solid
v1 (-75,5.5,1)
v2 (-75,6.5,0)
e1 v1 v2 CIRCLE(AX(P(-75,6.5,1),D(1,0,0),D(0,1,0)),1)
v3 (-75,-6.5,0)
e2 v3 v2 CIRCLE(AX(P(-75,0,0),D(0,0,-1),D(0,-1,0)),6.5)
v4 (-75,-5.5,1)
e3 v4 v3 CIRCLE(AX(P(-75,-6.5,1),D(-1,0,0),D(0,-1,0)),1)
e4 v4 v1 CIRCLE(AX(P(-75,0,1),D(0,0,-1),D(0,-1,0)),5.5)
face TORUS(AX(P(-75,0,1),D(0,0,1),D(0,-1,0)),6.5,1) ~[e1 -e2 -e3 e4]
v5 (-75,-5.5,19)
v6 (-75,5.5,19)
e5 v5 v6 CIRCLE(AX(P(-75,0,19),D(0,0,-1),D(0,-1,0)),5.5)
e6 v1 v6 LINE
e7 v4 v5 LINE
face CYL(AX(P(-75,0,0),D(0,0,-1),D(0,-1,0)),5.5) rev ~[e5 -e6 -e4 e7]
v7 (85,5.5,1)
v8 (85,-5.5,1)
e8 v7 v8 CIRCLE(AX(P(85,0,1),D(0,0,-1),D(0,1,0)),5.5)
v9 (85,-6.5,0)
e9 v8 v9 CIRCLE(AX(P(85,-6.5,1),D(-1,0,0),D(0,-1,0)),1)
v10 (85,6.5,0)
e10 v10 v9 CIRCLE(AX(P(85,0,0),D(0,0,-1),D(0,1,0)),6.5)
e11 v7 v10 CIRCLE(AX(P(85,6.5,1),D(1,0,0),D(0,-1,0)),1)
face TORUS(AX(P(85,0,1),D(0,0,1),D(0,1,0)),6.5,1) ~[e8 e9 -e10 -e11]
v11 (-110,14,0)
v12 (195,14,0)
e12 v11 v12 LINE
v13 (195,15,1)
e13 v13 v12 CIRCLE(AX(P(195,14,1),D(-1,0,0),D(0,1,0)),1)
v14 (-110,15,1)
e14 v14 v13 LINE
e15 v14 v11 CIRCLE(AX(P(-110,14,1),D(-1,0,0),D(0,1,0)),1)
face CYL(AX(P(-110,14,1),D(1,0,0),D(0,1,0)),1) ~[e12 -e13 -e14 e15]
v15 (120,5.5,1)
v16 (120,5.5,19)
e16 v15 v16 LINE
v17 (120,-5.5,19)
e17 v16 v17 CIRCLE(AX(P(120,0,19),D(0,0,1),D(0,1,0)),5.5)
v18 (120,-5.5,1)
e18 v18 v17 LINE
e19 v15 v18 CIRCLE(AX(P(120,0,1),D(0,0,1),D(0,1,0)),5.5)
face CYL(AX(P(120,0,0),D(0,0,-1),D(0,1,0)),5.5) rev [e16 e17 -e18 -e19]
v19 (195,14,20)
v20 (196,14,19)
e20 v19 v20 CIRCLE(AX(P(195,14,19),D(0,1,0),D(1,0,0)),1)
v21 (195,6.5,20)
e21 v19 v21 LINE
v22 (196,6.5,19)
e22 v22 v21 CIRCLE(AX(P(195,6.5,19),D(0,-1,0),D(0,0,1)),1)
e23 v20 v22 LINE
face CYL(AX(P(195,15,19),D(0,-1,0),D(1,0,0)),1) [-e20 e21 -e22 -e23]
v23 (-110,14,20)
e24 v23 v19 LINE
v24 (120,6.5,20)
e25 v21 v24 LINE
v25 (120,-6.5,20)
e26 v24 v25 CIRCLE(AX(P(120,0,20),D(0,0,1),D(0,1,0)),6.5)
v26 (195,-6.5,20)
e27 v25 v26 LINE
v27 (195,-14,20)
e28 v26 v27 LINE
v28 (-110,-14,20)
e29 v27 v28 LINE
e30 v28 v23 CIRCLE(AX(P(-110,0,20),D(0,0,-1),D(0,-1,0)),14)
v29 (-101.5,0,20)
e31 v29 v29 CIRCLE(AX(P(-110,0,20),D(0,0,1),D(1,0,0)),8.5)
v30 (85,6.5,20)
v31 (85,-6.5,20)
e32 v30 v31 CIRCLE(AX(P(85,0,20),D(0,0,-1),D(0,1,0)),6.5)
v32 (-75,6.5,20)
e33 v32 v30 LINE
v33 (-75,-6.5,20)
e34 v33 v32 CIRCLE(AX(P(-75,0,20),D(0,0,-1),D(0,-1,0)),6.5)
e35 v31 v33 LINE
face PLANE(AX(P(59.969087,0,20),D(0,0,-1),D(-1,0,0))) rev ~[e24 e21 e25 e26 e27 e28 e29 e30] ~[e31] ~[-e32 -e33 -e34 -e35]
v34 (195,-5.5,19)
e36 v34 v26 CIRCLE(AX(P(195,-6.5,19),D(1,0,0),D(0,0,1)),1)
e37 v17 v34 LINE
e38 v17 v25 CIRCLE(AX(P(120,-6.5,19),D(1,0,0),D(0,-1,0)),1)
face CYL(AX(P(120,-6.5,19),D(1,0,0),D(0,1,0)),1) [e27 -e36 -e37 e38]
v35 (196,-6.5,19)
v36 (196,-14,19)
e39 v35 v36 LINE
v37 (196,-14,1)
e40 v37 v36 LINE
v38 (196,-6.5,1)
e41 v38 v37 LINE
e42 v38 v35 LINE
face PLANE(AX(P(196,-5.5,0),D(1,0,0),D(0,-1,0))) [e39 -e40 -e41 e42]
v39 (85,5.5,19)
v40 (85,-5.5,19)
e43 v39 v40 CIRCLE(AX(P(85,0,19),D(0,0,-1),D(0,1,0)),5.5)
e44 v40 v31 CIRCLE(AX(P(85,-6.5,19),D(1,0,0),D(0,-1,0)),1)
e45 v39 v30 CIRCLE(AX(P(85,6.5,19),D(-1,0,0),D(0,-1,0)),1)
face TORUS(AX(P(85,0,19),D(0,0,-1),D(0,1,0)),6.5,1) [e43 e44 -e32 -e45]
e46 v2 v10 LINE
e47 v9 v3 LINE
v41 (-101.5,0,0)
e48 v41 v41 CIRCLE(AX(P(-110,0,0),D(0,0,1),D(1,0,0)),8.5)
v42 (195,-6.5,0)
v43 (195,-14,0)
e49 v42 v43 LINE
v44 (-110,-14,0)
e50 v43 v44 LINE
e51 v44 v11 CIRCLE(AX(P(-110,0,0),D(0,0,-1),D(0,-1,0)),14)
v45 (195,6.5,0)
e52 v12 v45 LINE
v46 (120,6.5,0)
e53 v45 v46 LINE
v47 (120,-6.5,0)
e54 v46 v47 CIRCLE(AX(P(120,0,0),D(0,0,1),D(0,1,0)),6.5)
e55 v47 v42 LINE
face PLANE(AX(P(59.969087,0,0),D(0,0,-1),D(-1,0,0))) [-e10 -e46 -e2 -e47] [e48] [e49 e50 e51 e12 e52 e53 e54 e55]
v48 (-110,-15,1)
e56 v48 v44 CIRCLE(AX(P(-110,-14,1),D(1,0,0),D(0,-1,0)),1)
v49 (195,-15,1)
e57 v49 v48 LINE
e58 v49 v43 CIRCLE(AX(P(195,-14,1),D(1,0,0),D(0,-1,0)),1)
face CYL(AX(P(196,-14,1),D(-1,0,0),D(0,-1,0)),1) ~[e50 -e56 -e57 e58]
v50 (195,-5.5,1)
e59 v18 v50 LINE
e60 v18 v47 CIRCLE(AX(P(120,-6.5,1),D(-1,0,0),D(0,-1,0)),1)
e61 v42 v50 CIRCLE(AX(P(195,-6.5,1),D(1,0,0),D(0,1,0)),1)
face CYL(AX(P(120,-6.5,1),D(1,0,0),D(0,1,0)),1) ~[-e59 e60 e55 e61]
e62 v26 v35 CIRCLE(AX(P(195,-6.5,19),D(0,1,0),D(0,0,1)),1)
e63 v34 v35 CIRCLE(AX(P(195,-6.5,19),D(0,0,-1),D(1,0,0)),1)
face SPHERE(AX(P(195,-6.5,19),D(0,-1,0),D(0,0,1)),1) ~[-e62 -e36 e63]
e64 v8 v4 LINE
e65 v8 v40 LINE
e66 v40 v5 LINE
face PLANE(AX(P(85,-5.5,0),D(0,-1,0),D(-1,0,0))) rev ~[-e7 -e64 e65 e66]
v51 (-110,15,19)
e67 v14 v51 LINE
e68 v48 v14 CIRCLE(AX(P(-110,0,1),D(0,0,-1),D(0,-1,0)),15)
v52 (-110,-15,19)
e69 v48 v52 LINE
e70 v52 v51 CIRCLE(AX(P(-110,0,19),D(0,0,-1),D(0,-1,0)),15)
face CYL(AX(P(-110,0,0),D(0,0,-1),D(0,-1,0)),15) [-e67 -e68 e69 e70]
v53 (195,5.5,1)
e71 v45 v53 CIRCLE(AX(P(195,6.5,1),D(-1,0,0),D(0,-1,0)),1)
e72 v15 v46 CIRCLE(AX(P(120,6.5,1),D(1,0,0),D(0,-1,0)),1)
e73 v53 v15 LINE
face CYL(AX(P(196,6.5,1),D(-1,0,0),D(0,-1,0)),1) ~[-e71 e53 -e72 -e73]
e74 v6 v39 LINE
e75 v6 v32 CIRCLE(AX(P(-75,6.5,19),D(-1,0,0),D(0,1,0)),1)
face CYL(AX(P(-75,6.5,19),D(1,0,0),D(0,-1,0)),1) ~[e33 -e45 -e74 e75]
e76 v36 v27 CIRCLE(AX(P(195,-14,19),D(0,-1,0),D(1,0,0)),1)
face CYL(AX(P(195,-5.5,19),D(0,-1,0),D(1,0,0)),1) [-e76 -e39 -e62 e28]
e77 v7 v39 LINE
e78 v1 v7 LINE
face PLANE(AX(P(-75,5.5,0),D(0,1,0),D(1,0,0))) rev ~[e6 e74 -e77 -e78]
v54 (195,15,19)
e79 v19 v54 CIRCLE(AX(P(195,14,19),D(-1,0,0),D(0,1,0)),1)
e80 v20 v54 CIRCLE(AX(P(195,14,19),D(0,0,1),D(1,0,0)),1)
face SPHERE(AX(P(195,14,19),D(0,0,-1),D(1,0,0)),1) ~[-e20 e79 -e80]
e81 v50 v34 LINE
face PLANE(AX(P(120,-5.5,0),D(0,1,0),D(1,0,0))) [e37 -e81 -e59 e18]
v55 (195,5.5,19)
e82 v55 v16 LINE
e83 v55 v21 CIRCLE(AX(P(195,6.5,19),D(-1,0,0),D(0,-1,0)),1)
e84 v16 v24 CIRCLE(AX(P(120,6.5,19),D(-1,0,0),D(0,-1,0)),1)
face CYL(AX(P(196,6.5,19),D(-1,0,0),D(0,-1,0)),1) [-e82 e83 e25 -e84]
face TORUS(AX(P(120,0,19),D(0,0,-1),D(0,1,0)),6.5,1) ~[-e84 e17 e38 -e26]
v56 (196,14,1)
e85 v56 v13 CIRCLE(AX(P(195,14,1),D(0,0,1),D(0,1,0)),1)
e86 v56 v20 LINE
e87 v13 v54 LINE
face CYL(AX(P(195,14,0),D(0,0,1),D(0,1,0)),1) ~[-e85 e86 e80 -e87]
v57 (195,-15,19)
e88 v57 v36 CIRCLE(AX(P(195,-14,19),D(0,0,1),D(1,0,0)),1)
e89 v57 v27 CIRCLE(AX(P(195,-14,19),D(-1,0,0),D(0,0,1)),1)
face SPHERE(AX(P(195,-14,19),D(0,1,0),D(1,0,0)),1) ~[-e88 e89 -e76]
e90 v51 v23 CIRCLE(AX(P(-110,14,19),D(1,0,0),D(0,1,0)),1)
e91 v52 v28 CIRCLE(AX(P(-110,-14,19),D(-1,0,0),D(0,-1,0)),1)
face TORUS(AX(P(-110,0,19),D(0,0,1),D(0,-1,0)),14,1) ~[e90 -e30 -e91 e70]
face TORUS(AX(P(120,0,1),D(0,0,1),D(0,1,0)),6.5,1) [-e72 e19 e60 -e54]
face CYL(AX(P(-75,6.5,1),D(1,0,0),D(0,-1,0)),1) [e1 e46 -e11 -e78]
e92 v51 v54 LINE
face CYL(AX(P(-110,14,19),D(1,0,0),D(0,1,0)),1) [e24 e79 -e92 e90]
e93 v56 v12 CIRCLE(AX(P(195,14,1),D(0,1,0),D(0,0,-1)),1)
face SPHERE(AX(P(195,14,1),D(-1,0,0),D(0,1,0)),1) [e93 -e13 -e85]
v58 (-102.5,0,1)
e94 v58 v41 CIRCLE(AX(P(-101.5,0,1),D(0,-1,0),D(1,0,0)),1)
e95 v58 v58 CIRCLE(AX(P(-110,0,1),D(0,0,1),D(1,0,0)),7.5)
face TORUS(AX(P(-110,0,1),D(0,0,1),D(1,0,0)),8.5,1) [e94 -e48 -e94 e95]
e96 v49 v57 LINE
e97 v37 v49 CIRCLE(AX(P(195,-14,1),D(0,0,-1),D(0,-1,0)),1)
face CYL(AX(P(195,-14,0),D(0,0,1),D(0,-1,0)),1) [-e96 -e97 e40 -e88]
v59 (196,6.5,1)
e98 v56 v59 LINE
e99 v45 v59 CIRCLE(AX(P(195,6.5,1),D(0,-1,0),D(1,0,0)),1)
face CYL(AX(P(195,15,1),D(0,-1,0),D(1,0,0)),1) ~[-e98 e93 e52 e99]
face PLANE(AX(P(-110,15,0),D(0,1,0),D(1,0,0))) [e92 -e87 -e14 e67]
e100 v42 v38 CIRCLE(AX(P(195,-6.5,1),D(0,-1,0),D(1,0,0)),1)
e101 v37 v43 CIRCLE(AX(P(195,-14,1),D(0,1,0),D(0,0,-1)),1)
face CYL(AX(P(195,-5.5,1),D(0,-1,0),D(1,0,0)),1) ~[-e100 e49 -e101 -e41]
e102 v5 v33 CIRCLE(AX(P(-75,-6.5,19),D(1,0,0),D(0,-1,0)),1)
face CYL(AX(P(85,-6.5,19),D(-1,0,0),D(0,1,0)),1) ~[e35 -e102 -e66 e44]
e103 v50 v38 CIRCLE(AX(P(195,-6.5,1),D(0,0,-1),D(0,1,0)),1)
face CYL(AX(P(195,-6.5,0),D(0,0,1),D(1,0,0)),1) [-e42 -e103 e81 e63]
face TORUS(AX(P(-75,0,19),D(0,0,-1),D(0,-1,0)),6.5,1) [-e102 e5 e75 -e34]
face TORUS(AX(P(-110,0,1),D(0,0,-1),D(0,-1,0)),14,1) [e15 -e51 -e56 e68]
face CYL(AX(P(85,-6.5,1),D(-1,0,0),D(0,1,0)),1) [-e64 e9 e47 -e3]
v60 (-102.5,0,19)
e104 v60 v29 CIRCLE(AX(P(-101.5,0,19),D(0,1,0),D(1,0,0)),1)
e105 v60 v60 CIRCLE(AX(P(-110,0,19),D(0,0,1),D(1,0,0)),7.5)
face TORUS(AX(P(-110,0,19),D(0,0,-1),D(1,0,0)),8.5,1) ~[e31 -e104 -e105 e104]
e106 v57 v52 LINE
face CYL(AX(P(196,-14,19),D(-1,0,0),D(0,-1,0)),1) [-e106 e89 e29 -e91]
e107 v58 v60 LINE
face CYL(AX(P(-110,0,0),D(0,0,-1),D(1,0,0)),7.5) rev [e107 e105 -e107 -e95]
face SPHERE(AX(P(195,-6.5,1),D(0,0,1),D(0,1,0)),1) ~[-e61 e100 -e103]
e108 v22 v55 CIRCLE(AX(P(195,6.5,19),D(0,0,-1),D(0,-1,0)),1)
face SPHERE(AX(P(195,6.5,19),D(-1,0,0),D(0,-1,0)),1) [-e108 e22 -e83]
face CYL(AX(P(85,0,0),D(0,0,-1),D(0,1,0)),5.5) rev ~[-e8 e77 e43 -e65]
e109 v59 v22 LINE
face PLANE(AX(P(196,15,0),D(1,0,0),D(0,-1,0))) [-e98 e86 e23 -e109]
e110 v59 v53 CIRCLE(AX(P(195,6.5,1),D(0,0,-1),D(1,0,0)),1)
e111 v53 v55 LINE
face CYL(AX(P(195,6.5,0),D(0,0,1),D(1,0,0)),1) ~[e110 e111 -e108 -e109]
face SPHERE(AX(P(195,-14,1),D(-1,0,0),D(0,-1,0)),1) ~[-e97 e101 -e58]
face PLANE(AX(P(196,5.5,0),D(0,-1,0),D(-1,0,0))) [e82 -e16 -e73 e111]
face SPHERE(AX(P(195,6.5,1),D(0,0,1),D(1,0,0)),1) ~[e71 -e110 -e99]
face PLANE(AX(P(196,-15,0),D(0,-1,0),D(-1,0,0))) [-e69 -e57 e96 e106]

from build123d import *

# Parameters (mm, degrees)
SKETCH1_R           = 7.5
BOSS_EXTRUDE1_DEPTH = 20
FILLET1_R           = 1


with BuildPart() as part:
    # Sketch1 → Boss-Extrude1 (new body)
    with BuildSketch(Plane.XY):
        with BuildLine():
            Line((-110, 15), (196, 15))
            Line((196, 15), (196, 5.5))
            Line((196, 5.5), (120, 5.5))
            ThreePointArc((120, 5.5), (114.5, 0), (120, -5.5))
            Line((120, -5.5), (196, -5.5))
            Line((196, -5.5), (196, -15))
            Line((196, -15), (-110, -15))
            ThreePointArc((-110, -15), (-125, 0), (-110, 15))
        make_face()
        with Locations((-110, 0)):
            Circle(SKETCH1_R, mode=Mode.SUBTRACT)
        with BuildLine():
            Line((-75, 5.5), (85, 5.5))
            ThreePointArc((85, 5.5), (90.5, 0), (85, -5.5))
            Line((85, -5.5), (-75, -5.5))
            ThreePointArc((-75, -5.5), (-80.5, 0), (-75, 5.5))
        make_face(mode=Mode.SUBTRACT)
    extrude(amount=BOSS_EXTRUDE1_DEPTH)

    # Fillet1
    fillet1_edges = [part.edges().sort_by_distance(p)[0] for p in [
        (196, -10.25, 20),
        (43, -15, 0),
        (-125, 0, 0),
        (158, -5.5, 20),
        (196, 15, 10),
        (196, 5.5, 10),
        (196, -5.5, 10),
        (196, -15, 10),
        (114.5, 0, 20),
        (158, 5.5, 20),
        (196, 10.25, 20),
        (-80.5, 0, 0),
        (5, -5.5, 0),
        (90.5, 0, 0),
        (5, 5.5, 0),
        (43, 15, 20),
        (-80.5, 0, 20),
        (5, -5.5, 20),
        (90.5, 0, 20),
        (5, 5.5, 20),
        (-117.5, 0, 0),
        (-117.5, 0, 20),
        (-125, 0, 20),
        (43, -15, 20),
        (43, 15, 0),
        (196, 10.25, 0),
        (158, 5.5, 0),
        (114.5, 0, 0),
        (158, -5.5, 0),
        (196, -10.25, 0),
    ]]
    fillet(fillet1_edges, radius=FILLET1_R)


solid = part.part
